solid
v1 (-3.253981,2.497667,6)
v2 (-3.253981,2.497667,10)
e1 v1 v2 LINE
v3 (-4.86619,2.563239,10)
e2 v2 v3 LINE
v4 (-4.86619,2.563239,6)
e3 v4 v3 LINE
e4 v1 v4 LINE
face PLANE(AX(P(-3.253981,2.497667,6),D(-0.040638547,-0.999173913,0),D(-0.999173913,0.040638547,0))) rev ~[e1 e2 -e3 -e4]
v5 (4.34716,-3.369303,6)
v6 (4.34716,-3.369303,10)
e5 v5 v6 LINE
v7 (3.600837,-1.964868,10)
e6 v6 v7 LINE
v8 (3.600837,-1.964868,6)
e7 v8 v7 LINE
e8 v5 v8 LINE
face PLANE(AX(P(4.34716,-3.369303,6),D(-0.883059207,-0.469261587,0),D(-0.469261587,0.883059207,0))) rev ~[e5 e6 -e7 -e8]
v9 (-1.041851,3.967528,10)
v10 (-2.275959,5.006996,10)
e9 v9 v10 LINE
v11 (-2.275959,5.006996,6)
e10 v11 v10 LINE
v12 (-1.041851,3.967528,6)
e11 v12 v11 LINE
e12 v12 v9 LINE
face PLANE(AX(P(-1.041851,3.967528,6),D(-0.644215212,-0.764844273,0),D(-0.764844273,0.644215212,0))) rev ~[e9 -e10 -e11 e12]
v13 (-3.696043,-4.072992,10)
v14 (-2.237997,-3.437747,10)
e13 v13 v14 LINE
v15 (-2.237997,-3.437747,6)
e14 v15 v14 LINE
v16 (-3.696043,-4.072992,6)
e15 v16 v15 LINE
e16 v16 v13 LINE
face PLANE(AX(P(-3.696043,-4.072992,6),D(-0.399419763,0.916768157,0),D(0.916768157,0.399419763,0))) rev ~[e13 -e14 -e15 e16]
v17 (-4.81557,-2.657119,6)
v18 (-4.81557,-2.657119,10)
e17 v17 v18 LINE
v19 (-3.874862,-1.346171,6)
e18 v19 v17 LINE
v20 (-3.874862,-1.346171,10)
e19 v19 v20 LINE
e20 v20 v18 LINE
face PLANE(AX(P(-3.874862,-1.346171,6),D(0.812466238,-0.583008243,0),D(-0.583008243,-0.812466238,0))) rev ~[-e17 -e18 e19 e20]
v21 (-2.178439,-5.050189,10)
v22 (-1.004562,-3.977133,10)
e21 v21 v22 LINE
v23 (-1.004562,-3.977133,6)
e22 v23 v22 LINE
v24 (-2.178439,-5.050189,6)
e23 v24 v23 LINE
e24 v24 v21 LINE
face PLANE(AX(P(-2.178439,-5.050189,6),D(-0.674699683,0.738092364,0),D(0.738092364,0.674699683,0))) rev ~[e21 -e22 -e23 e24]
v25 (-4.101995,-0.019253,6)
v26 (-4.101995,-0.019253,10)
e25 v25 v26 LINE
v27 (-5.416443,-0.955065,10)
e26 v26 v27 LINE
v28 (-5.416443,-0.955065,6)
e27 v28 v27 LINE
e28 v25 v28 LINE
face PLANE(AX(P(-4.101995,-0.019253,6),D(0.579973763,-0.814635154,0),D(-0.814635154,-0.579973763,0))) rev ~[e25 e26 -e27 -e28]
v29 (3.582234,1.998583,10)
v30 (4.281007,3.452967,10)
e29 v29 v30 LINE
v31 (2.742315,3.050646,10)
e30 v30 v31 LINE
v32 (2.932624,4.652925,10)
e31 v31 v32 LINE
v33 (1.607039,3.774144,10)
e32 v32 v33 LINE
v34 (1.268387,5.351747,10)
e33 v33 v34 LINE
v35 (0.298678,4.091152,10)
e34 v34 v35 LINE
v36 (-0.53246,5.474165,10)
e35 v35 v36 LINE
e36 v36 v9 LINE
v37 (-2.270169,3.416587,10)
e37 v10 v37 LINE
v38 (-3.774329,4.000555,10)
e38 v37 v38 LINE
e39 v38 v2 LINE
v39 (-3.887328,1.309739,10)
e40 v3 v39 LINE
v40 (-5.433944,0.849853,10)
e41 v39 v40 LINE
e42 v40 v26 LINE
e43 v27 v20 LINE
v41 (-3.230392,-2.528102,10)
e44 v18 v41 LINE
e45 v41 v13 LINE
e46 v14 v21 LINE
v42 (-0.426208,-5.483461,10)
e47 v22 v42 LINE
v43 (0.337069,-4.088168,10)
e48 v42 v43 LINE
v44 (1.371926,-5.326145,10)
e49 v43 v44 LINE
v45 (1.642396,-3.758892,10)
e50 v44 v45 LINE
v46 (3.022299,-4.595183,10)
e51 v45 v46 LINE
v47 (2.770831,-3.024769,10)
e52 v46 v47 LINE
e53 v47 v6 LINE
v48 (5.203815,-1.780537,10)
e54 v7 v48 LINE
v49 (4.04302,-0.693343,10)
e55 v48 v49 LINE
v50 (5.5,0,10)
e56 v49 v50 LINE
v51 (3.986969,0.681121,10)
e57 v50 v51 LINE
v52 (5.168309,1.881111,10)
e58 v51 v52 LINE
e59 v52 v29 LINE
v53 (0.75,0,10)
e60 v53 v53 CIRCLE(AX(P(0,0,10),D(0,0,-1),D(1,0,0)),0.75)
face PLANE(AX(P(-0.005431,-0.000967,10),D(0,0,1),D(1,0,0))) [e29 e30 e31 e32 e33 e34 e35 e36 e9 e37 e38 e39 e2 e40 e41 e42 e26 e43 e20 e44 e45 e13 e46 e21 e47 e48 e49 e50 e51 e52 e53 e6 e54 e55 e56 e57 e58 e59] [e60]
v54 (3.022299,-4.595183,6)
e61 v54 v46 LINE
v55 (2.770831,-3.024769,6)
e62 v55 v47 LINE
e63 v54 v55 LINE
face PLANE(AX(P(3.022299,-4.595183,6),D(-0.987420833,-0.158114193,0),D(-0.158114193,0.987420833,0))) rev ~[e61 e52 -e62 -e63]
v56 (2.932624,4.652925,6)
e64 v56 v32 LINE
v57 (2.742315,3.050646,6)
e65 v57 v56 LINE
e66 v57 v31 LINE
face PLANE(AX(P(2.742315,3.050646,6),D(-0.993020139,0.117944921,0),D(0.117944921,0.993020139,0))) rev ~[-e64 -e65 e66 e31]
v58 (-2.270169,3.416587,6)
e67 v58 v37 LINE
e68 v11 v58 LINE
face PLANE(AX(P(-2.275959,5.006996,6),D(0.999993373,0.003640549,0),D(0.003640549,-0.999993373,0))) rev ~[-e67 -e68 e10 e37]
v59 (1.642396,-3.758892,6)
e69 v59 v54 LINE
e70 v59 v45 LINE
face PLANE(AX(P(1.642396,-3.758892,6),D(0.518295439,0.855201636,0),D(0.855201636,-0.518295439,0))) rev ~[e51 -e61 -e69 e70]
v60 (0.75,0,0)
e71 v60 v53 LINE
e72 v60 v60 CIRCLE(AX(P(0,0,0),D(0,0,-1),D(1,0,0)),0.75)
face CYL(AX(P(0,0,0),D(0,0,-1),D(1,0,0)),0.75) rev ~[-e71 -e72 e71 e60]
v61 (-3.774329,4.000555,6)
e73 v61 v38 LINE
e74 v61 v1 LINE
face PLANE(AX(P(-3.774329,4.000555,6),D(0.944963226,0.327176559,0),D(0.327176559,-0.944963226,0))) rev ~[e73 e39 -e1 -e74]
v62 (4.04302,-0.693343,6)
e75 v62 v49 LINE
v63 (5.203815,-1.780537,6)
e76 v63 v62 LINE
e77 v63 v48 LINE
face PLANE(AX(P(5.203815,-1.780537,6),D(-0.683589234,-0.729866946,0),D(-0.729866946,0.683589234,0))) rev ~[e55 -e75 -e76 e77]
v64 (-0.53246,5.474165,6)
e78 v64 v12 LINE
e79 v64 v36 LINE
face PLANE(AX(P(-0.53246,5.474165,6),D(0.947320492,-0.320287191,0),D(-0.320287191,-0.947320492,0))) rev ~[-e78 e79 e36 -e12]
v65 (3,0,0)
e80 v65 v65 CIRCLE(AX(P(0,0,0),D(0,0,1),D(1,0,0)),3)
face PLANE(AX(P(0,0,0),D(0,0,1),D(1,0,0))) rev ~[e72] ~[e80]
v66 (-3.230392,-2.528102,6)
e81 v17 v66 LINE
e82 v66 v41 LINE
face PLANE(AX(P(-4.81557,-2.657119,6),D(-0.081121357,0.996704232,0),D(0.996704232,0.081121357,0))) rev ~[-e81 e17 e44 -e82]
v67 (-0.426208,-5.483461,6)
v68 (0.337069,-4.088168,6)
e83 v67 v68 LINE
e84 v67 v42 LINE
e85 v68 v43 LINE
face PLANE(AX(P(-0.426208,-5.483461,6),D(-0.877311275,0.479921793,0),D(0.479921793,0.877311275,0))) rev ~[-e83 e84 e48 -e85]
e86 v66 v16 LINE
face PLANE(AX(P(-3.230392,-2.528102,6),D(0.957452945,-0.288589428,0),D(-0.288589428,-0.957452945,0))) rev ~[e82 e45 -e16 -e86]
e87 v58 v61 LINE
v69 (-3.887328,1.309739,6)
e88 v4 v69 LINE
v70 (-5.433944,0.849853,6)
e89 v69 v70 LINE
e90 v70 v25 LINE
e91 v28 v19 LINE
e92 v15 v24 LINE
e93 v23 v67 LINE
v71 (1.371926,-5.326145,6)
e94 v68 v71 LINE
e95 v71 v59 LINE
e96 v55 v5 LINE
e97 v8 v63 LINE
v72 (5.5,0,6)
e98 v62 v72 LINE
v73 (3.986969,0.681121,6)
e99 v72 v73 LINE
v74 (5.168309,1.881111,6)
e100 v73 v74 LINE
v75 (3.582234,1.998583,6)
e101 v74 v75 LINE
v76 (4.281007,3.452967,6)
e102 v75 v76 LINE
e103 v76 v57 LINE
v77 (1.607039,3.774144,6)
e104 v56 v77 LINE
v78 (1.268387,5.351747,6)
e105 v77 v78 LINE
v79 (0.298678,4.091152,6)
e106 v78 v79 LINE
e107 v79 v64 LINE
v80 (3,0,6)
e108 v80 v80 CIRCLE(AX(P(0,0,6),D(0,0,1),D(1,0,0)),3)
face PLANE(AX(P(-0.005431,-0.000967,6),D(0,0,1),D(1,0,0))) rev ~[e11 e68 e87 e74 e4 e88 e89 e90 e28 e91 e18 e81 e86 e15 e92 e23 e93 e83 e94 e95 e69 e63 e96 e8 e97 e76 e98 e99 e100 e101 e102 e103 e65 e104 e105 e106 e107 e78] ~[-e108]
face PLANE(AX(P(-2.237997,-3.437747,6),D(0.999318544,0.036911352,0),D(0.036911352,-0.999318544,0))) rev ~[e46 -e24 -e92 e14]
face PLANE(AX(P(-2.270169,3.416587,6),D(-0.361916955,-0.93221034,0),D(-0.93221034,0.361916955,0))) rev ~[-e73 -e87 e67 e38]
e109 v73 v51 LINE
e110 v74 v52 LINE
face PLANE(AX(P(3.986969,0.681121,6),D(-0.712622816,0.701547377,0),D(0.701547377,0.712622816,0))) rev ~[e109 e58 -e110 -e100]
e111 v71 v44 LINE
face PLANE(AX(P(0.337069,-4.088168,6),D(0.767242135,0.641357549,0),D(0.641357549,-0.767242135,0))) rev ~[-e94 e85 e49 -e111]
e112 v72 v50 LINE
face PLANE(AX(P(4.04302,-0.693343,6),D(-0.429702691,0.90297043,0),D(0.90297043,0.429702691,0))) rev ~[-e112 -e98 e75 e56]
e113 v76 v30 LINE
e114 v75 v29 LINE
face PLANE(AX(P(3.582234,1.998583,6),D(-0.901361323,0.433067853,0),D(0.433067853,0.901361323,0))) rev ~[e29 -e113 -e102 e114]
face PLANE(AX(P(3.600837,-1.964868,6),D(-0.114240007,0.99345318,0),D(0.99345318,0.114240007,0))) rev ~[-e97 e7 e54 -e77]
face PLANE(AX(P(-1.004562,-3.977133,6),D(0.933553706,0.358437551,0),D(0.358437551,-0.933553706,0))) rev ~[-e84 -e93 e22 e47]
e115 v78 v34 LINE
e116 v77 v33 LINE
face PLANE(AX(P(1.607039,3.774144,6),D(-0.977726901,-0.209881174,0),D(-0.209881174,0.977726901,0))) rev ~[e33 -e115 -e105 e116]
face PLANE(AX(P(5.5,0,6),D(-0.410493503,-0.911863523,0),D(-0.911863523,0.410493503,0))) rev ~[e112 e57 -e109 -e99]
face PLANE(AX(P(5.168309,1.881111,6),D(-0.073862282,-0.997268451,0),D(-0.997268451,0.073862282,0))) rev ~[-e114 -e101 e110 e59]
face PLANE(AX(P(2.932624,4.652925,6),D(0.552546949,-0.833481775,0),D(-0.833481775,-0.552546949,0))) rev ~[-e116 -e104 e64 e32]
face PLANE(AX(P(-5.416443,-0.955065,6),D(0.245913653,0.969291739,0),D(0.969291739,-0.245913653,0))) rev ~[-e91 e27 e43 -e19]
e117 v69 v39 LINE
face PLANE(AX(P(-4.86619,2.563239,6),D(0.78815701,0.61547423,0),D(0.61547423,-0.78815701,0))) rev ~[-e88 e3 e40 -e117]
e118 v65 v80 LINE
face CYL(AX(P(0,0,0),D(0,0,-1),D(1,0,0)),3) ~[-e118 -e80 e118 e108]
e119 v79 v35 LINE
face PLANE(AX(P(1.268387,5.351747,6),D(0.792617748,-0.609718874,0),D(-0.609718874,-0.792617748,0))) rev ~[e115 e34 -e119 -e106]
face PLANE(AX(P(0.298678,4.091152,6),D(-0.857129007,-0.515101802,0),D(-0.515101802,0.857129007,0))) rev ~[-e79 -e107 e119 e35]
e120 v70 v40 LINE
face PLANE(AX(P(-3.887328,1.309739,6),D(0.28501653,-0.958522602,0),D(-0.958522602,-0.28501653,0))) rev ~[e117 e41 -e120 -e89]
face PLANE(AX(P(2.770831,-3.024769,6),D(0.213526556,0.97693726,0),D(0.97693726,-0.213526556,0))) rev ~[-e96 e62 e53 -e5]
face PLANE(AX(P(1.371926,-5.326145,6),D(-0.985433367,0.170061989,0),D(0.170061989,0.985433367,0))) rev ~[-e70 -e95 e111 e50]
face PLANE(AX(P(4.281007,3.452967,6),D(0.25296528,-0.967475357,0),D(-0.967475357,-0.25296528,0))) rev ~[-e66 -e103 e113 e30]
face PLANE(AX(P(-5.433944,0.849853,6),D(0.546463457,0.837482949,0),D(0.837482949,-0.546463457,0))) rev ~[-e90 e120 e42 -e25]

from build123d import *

# Parameters (mm, degrees)
F0_R     = 3
F1_DEPTH = 6
F2_R     = 3
F3_DEPTH = 4
F4_R     = 0.75
F5_DEPTH = 25.4


with BuildPart() as f1:
    # F0 (on Top) → F1 (new body)
    with BuildSketch(Plane.XY):
        Circle(F0_R)
    extrude(amount=F1_DEPTH)

    # F2 (on face) → F3 (join)
    with BuildSketch(Plane.XY.offset(6)):
        Polygon((4.04302, -0.693343), (5.5, 0), (3.986969, 0.681121), (5.168309, 1.881111), (3.582234, 1.998583), (4.281007, 3.452967), (2.742315, 3.050646), (2.932624, 4.652925), (1.607039, 3.774144), (1.268387, 5.351747), (0.298678, 4.091152), (-0.53246, 5.474165), (-1.041851, 3.967528), (-2.275959, 5.006996), (-2.270169, 3.416587), (-3.774329, 4.000555), (-3.253981, 2.497667), (-4.86619, 2.563239), (-3.887328, 1.309739), (-5.433944, 0.849853), (-4.101995, -0.019253), (-5.416443, -0.955065), (-3.874862, -1.346171), (-4.81557, -2.657119), (-3.230392, -2.528102), (-3.696043, -4.072992), (-2.237997, -3.437747), (-2.178439, -5.050189), (-1.004562, -3.977133), (-0.426208, -5.483461), (0.337069, -4.088168), (1.371926, -5.326145), (1.642396, -3.758892), (3.022299, -4.595183), (2.770831, -3.024769), (4.34716, -3.369303), (3.600837, -1.964868), (5.203815, -1.780537), align=None)
        Circle(F2_R, mode=Mode.SUBTRACT)
        Circle(F2_R)
    extrude(amount=F3_DEPTH)

    # F4 (on face) → F5 (cut)
    with BuildSketch(Plane(origin=(0, 0, 0), x_dir=(1, 0, 0), z_dir=(0, 0, -1))):
        Circle(F4_R)
    extrude(amount=-F5_DEPTH, mode=Mode.SUBTRACT)


solid = f1.part
